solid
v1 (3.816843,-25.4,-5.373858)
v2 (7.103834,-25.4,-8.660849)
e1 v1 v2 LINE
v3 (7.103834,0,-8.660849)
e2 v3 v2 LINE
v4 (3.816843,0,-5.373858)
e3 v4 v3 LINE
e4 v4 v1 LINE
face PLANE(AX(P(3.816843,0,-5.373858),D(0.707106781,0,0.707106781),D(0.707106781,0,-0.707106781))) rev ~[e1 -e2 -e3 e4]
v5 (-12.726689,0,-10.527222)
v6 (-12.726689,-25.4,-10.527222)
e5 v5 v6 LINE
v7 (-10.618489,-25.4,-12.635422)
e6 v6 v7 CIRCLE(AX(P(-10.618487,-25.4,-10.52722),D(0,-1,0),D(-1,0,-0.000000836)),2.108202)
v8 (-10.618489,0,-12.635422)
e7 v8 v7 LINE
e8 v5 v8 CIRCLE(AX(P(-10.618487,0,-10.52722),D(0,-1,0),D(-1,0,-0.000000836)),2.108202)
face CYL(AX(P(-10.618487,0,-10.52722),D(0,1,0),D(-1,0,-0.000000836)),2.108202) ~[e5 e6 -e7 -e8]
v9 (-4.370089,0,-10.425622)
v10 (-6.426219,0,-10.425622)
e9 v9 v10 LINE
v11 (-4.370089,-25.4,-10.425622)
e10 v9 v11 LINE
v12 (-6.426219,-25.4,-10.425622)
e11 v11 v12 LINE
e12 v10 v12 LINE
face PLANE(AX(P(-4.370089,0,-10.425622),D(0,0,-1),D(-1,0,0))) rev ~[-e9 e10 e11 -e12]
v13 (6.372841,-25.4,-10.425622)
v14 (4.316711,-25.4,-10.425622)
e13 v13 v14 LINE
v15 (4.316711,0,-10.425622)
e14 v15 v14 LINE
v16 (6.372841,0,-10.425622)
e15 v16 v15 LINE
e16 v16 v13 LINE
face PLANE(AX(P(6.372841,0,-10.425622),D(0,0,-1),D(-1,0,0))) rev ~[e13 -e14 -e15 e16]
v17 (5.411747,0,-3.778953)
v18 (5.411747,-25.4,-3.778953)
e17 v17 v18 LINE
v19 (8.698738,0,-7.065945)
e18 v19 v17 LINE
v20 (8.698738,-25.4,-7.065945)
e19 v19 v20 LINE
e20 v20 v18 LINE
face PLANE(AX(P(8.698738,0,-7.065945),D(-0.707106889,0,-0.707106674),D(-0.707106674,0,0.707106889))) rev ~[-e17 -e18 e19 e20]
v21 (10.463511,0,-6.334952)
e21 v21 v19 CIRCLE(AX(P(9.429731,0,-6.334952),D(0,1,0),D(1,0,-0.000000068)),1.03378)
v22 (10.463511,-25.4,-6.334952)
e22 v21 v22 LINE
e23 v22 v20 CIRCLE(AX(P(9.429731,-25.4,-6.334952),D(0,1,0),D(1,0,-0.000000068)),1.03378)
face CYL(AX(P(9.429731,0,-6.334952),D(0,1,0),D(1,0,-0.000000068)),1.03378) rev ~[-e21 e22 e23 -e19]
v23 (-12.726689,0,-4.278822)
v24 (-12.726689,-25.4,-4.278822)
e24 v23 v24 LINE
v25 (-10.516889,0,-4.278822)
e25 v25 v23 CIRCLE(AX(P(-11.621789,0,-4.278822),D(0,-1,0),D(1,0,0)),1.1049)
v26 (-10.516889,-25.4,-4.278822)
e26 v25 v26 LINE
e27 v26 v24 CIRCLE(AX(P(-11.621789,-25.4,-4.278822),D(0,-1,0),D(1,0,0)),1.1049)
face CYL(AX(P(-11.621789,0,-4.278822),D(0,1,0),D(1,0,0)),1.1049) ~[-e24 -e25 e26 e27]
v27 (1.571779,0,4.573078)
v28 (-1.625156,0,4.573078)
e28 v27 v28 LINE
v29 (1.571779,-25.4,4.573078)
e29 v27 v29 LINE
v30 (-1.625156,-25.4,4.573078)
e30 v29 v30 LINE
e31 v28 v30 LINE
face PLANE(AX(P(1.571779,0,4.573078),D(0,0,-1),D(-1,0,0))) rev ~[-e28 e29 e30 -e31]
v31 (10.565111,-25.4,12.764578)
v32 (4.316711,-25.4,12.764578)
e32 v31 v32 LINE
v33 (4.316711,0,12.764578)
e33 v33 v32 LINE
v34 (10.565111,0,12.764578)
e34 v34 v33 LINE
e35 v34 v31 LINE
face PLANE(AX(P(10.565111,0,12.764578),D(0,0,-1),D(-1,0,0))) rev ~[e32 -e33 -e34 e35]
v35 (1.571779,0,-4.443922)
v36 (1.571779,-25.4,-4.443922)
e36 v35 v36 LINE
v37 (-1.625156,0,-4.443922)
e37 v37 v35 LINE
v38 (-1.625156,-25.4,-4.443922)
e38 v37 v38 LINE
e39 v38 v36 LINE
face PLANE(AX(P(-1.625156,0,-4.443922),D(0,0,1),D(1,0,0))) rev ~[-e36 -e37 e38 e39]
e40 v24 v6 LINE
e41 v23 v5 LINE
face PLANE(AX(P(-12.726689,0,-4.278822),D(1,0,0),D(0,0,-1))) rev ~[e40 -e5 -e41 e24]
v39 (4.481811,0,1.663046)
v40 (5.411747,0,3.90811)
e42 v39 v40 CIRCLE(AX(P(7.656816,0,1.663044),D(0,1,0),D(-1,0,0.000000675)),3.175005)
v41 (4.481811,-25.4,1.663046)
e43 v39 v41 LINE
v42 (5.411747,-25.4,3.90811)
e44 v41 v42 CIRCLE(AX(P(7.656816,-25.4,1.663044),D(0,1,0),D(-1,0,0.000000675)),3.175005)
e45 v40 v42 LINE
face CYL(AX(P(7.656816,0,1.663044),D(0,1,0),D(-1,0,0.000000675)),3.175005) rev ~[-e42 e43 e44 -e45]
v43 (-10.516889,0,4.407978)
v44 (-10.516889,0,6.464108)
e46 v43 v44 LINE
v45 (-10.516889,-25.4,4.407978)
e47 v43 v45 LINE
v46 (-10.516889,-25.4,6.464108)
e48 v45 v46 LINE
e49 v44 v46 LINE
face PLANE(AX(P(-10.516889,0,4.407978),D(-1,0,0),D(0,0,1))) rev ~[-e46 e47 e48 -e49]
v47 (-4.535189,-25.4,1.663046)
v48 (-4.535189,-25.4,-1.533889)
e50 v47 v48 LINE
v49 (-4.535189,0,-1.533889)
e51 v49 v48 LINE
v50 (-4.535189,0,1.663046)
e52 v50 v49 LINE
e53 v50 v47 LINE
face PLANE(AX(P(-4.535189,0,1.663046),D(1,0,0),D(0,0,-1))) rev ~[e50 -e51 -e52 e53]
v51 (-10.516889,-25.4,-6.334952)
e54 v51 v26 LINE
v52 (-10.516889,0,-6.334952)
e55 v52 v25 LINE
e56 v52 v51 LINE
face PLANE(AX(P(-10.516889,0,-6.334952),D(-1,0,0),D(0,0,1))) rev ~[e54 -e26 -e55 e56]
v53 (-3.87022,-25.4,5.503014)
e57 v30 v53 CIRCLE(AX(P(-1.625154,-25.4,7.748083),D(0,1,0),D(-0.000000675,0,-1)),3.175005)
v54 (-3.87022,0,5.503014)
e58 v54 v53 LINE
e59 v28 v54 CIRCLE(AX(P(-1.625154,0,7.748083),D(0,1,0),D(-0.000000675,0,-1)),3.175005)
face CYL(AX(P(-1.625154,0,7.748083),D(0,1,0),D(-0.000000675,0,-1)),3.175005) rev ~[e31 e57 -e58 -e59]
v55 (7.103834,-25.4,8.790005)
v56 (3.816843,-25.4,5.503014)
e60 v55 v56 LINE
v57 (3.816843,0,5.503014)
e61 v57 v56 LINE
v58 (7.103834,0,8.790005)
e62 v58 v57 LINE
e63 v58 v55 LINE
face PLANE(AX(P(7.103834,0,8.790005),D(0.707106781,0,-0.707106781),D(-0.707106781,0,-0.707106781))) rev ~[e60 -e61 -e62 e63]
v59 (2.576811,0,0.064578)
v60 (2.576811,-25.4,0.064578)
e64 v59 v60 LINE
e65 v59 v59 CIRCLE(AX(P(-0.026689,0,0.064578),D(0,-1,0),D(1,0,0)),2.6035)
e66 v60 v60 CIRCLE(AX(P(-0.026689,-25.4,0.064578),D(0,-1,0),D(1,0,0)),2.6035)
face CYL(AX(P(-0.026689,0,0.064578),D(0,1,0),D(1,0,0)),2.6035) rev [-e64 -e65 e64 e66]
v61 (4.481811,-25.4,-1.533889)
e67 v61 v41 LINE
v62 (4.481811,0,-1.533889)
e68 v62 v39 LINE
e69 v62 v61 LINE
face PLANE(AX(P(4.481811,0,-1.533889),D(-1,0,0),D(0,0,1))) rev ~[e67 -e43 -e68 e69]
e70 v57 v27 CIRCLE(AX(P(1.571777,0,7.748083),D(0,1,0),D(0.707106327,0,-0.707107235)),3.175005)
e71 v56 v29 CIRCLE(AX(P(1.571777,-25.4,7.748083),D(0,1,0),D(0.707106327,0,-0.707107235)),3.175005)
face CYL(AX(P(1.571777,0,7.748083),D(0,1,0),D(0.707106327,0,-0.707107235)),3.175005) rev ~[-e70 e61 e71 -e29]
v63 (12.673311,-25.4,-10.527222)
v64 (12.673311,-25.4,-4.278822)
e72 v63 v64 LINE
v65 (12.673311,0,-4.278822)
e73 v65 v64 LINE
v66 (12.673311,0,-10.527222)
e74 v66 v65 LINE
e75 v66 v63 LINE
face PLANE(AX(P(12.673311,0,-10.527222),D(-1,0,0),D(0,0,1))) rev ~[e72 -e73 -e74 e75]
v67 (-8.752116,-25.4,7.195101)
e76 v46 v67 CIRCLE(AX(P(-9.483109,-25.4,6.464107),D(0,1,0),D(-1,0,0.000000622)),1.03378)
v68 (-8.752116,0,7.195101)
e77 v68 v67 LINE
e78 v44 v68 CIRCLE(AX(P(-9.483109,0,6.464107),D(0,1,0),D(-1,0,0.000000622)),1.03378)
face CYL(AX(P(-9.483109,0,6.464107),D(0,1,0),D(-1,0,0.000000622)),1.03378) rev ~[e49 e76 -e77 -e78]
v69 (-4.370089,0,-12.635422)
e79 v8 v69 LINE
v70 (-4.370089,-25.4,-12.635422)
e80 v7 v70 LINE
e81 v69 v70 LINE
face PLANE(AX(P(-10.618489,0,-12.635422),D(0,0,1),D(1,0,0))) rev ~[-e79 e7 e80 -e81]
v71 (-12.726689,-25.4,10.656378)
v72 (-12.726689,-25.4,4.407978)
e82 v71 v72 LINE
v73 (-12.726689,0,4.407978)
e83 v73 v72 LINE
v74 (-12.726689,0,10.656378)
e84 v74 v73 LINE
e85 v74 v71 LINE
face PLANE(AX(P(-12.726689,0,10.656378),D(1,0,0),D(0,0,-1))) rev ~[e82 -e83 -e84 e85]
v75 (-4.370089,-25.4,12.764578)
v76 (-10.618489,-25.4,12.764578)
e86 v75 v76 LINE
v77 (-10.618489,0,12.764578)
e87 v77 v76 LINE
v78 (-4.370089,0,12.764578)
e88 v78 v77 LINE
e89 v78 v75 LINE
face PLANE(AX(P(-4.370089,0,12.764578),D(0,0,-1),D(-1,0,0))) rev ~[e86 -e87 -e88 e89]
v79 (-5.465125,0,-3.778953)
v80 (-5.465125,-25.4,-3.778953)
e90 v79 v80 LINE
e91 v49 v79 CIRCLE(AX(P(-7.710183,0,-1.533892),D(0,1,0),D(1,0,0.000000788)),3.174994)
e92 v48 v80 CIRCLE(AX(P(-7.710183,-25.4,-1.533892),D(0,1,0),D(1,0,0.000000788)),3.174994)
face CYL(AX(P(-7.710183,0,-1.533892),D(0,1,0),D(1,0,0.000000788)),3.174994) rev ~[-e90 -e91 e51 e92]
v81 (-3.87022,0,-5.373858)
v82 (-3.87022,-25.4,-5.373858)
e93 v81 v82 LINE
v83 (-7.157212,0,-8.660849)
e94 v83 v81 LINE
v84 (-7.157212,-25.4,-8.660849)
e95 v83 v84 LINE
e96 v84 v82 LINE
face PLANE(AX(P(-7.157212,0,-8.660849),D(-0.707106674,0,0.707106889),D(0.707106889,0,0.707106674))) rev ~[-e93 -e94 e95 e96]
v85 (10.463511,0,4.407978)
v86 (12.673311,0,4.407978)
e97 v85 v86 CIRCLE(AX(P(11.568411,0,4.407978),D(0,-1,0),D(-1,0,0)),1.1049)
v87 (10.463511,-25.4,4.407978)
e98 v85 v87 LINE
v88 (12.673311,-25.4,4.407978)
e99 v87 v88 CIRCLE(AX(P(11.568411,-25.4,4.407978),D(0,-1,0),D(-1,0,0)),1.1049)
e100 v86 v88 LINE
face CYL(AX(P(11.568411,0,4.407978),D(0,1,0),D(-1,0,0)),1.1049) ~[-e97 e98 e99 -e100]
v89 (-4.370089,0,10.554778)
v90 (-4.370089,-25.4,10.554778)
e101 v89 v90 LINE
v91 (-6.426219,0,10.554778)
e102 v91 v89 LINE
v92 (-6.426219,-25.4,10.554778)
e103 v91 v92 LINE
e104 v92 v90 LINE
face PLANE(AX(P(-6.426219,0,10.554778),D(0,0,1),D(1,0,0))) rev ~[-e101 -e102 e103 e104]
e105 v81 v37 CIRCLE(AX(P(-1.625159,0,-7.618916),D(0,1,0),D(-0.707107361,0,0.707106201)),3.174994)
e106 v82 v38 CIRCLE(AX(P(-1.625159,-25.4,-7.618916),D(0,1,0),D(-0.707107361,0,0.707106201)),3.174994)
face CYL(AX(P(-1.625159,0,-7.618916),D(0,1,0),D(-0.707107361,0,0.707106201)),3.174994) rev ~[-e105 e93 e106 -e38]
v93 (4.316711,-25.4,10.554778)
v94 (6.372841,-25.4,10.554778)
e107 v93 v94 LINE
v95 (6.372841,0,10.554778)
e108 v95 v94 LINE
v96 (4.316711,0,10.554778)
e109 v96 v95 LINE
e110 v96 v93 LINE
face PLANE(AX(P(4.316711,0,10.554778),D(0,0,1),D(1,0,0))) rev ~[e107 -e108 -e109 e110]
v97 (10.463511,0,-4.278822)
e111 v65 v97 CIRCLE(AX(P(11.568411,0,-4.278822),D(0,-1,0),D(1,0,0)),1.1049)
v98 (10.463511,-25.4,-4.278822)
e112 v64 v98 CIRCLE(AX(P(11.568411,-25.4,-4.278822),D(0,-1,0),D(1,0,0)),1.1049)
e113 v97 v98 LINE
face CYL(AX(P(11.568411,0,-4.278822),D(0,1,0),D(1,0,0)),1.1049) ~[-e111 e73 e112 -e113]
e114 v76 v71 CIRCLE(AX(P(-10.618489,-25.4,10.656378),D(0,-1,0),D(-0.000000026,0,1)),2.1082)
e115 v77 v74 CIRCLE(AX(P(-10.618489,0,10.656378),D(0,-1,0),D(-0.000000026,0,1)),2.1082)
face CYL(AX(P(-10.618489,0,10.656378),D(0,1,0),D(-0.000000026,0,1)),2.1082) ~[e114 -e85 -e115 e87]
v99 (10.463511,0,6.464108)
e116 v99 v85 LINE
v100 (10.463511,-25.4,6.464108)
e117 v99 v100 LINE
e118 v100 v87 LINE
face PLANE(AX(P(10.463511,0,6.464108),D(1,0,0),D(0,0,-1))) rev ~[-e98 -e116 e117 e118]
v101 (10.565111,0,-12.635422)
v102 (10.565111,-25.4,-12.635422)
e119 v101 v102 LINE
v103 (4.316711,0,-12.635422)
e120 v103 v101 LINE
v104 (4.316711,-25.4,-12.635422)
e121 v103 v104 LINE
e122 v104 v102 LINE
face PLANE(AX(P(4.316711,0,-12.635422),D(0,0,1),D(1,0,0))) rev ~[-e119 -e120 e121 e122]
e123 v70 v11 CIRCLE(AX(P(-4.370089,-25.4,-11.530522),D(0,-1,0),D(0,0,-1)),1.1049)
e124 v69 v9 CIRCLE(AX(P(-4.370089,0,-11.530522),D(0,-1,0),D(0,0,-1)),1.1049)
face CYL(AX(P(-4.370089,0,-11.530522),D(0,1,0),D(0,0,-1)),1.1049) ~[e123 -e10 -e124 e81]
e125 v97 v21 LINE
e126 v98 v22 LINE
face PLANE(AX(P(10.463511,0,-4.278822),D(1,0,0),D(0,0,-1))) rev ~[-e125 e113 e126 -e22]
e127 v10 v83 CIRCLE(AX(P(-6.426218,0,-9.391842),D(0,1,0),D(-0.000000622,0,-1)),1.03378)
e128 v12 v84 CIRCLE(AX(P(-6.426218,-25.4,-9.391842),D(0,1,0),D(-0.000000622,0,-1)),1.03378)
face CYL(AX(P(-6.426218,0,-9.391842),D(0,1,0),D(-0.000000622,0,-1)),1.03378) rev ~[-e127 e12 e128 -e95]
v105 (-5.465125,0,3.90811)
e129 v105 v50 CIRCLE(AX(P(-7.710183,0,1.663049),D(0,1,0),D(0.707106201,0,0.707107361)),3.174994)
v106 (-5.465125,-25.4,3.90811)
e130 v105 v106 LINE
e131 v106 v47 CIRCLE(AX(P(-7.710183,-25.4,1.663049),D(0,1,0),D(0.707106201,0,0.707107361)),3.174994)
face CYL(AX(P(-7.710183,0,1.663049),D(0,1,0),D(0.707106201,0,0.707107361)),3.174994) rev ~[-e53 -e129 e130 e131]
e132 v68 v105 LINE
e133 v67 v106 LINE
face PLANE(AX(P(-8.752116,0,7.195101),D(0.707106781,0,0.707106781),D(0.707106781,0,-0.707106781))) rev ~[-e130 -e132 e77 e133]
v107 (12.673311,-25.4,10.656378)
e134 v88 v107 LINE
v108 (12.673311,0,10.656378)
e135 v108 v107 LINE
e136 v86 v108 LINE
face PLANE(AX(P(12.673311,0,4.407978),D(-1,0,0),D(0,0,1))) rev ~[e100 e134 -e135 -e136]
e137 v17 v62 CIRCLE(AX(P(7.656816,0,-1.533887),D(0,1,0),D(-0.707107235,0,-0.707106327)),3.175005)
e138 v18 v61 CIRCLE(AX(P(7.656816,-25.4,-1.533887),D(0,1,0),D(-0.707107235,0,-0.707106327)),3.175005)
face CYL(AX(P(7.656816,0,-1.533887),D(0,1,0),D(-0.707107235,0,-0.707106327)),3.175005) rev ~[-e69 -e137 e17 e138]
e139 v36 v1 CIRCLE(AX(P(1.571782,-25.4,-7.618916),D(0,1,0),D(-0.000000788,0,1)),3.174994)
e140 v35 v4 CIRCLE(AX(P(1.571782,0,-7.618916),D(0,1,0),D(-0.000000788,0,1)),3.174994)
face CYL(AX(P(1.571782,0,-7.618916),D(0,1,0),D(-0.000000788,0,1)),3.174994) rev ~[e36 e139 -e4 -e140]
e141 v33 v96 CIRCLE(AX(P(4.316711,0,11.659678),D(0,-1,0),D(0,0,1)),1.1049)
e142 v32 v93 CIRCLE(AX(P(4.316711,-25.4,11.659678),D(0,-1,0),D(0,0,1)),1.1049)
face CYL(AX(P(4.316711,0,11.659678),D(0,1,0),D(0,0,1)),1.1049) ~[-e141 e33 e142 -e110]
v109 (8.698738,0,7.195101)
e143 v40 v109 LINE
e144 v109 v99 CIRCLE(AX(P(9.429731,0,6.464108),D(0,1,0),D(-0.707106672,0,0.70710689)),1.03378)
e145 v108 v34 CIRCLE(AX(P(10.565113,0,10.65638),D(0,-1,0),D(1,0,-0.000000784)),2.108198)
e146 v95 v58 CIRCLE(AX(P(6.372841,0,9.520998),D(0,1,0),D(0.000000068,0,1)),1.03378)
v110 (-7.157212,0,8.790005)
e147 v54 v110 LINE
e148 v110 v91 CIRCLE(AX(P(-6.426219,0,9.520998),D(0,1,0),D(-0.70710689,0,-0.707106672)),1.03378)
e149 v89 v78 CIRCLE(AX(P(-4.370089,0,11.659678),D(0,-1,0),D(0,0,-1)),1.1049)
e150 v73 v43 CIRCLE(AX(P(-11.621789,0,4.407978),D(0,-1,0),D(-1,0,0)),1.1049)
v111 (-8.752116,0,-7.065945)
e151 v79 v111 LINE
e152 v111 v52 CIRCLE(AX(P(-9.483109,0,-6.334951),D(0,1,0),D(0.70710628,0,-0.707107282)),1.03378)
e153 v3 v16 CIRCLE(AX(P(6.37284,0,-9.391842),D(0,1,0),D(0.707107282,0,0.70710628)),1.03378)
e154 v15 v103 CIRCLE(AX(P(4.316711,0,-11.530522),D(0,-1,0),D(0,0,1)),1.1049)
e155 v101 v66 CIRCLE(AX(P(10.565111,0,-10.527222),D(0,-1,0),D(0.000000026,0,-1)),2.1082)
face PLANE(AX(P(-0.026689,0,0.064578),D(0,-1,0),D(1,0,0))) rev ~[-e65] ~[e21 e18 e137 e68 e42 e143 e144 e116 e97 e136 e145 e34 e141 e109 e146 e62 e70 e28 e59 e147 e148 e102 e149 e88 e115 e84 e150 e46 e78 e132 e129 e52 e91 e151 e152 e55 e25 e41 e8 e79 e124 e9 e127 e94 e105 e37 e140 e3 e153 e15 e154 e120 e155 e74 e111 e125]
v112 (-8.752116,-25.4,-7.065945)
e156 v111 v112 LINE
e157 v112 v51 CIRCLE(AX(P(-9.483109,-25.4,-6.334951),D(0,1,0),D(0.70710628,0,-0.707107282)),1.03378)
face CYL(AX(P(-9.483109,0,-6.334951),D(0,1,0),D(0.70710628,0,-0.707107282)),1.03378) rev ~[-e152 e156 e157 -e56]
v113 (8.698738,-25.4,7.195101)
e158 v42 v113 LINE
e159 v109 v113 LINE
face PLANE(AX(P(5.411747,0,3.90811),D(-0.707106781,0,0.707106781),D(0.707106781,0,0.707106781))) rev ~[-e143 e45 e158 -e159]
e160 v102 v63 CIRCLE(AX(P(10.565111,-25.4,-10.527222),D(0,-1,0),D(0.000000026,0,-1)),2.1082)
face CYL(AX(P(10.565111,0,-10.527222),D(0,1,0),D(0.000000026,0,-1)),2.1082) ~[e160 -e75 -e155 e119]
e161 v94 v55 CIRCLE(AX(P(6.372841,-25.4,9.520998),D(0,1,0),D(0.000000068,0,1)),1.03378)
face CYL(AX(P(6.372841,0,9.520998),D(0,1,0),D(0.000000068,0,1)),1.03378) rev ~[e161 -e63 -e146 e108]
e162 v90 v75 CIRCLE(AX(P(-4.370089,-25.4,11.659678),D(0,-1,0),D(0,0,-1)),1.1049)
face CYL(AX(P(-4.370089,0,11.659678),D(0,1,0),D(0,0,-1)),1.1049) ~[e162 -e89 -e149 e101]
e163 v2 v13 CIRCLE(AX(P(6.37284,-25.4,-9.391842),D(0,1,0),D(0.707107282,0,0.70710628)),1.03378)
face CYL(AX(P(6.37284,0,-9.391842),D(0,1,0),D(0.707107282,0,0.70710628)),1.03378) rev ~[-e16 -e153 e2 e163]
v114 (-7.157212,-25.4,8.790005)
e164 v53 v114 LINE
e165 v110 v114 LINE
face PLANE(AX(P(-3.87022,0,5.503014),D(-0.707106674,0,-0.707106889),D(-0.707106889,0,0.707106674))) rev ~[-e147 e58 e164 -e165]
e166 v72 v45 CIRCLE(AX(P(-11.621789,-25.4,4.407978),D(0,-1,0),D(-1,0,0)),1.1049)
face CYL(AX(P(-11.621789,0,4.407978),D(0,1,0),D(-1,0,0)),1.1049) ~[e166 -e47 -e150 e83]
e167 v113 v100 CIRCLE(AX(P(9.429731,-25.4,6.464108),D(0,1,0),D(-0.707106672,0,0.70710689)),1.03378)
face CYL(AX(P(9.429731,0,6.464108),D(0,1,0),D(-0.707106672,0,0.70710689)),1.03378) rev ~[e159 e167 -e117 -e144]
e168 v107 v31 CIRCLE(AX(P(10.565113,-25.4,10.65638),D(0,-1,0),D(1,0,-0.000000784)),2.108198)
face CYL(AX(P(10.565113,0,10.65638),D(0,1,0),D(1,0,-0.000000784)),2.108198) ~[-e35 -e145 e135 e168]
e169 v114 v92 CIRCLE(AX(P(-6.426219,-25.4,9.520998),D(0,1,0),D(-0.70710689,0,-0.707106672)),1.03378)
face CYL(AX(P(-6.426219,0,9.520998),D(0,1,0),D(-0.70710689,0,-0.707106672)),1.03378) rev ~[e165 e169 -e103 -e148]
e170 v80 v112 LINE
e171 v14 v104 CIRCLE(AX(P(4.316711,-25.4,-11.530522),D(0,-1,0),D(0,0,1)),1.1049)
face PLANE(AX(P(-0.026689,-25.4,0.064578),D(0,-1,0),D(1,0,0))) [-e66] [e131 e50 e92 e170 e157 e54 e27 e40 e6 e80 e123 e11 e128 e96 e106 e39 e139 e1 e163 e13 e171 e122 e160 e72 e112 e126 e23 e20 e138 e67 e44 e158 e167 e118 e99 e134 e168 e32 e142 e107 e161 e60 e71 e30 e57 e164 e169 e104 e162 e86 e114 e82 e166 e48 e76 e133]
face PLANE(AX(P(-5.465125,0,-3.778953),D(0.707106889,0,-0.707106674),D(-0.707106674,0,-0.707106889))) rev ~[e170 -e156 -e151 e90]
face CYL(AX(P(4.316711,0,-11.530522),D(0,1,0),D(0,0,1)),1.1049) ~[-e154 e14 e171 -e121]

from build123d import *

# Parameters (mm, degrees)
F0_R     = 2.6035
F1_DEPTH = 25.4


with BuildPart() as f1:
    # F0 (on Front) → F1 (new body)
    with BuildSketch(Plane.XZ):
        with BuildLine():
            Line((-4.370089, 12.764578), (-10.618489, 12.764578))
            ThreePointArc((-10.618489, 12.764578), (-12.109211, 12.147101), (-12.726689, 10.656378))
            Line((-12.726689, 10.656378), (-12.726689, 4.407978))
            ThreePointArc((-12.726689, 4.407978), (-11.621789, 3.303078), (-10.516889, 4.407978))
            Line((-10.516889, 4.407978), (-10.516889, 6.464108))
            ThreePointArc((-10.516889, 6.464108), (-9.878719, 7.419196), (-8.752116, 7.195101))
            Line((-8.752116, 7.195101), (-5.465125, 3.90811))
            ThreePointArc((-5.465125, 3.90811), (-4.776871, 2.878066), (-4.535189, 1.663046))
            Line((-4.535189, 1.663046), (-4.535189, -1.533889))
            ThreePointArc((-4.535189, -1.533889), (-4.776871, -2.748909), (-5.465125, -3.778953))
            Line((-5.465125, -3.778953), (-8.752116, -7.065945))
            ThreePointArc((-8.752116, -7.065945), (-9.878719, -7.29004), (-10.516889, -6.334952))
            Line((-10.516889, -6.334952), (-10.516889, -4.278822))
            ThreePointArc((-10.516889, -4.278822), (-11.621789, -3.173922), (-12.726689, -4.278822))
            Line((-12.726689, -4.278822), (-12.726689, -10.527222))
            ThreePointArc((-12.726689, -10.527222), (-12.109211, -12.017944), (-10.618489, -12.635422))
            Line((-10.618489, -12.635422), (-4.370089, -12.635422))
            ThreePointArc((-4.370089, -12.635422), (-3.265189, -11.530522), (-4.370089, -10.425622))
            Line((-4.370089, -10.425622), (-6.426219, -10.425622))
            ThreePointArc((-6.426219, -10.425622), (-7.381307, -9.787452), (-7.157212, -8.660849))
            Line((-7.157212, -8.660849), (-3.87022, -5.373858))
            ThreePointArc((-3.87022, -5.373858), (-2.840176, -4.685604), (-1.625156, -4.443922))
            Line((-1.625156, -4.443922), (1.571779, -4.443922))
            ThreePointArc((1.571779, -4.443922), (2.786799, -4.685604), (3.816843, -5.373858))
            Line((3.816843, -5.373858), (7.103834, -8.660849))
            ThreePointArc((7.103834, -8.660849), (7.327929, -9.787452), (6.372841, -10.425622))
            Line((6.372841, -10.425622), (4.316711, -10.425622))
            ThreePointArc((4.316711, -10.425622), (3.211811, -11.530522), (4.316711, -12.635422))
            Line((4.316711, -12.635422), (10.565111, -12.635422))
            ThreePointArc((10.565111, -12.635422), (12.055834, -12.017944), (12.673311, -10.527222))
            Line((12.673311, -10.527222), (12.673311, -4.278822))
            ThreePointArc((12.673311, -4.278822), (11.568411, -3.173922), (10.463511, -4.278822))
            Line((10.463511, -4.278822), (10.463511, -6.334952))
            ThreePointArc((10.463511, -6.334952), (9.825342, -7.29004), (8.698738, -7.065945))
            Line((8.698738, -7.065945), (5.411747, -3.778953))
            ThreePointArc((5.411747, -3.778953), (4.723494, -2.748909), (4.481811, -1.533889))
            Line((4.481811, -1.533889), (4.481811, 1.663046))
            ThreePointArc((4.481811, 1.663046), (4.723494, 2.878066), (5.411747, 3.90811))
            Line((5.411747, 3.90811), (8.698738, 7.195101))
            ThreePointArc((8.698738, 7.195101), (9.825342, 7.419196), (10.463511, 6.464108))
            Line((10.463511, 6.464108), (10.463511, 4.407978))
            ThreePointArc((10.463511, 4.407978), (11.568411, 3.303078), (12.673311, 4.407978))
            Line((12.673311, 4.407978), (12.673311, 10.656378))
            ThreePointArc((12.673311, 10.656378), (12.055834, 12.147101), (10.565111, 12.764578))
            Line((10.565111, 12.764578), (4.316711, 12.764578))
            ThreePointArc((4.316711, 12.764578), (3.211811, 11.659678), (4.316711, 10.554778))
            Line((4.316711, 10.554778), (6.372841, 10.554778))
            ThreePointArc((6.372841, 10.554778), (7.327929, 9.916609), (7.103834, 8.790005))
            Line((7.103834, 8.790005), (3.816843, 5.503014))
            ThreePointArc((3.816843, 5.503014), (2.786799, 4.814761), (1.571779, 4.573078))
            Line((1.571779, 4.573078), (-1.625156, 4.573078))
            ThreePointArc((-1.625156, 4.573078), (-2.840176, 4.814761), (-3.87022, 5.503014))
            Line((-3.87022, 5.503014), (-7.157212, 8.790005))
            ThreePointArc((-7.157212, 8.790005), (-7.381307, 9.916609), (-6.426219, 10.554778))
            Line((-6.426219, 10.554778), (-4.370089, 10.554778))
            ThreePointArc((-4.370089, 10.554778), (-3.265189, 11.659678), (-4.370089, 12.764578))
        make_face()
        with Locations((-0.026689, 0.064578)):
            Circle(F0_R, mode=Mode.SUBTRACT)
    extrude(amount=F1_DEPTH)


solid = f1.part
